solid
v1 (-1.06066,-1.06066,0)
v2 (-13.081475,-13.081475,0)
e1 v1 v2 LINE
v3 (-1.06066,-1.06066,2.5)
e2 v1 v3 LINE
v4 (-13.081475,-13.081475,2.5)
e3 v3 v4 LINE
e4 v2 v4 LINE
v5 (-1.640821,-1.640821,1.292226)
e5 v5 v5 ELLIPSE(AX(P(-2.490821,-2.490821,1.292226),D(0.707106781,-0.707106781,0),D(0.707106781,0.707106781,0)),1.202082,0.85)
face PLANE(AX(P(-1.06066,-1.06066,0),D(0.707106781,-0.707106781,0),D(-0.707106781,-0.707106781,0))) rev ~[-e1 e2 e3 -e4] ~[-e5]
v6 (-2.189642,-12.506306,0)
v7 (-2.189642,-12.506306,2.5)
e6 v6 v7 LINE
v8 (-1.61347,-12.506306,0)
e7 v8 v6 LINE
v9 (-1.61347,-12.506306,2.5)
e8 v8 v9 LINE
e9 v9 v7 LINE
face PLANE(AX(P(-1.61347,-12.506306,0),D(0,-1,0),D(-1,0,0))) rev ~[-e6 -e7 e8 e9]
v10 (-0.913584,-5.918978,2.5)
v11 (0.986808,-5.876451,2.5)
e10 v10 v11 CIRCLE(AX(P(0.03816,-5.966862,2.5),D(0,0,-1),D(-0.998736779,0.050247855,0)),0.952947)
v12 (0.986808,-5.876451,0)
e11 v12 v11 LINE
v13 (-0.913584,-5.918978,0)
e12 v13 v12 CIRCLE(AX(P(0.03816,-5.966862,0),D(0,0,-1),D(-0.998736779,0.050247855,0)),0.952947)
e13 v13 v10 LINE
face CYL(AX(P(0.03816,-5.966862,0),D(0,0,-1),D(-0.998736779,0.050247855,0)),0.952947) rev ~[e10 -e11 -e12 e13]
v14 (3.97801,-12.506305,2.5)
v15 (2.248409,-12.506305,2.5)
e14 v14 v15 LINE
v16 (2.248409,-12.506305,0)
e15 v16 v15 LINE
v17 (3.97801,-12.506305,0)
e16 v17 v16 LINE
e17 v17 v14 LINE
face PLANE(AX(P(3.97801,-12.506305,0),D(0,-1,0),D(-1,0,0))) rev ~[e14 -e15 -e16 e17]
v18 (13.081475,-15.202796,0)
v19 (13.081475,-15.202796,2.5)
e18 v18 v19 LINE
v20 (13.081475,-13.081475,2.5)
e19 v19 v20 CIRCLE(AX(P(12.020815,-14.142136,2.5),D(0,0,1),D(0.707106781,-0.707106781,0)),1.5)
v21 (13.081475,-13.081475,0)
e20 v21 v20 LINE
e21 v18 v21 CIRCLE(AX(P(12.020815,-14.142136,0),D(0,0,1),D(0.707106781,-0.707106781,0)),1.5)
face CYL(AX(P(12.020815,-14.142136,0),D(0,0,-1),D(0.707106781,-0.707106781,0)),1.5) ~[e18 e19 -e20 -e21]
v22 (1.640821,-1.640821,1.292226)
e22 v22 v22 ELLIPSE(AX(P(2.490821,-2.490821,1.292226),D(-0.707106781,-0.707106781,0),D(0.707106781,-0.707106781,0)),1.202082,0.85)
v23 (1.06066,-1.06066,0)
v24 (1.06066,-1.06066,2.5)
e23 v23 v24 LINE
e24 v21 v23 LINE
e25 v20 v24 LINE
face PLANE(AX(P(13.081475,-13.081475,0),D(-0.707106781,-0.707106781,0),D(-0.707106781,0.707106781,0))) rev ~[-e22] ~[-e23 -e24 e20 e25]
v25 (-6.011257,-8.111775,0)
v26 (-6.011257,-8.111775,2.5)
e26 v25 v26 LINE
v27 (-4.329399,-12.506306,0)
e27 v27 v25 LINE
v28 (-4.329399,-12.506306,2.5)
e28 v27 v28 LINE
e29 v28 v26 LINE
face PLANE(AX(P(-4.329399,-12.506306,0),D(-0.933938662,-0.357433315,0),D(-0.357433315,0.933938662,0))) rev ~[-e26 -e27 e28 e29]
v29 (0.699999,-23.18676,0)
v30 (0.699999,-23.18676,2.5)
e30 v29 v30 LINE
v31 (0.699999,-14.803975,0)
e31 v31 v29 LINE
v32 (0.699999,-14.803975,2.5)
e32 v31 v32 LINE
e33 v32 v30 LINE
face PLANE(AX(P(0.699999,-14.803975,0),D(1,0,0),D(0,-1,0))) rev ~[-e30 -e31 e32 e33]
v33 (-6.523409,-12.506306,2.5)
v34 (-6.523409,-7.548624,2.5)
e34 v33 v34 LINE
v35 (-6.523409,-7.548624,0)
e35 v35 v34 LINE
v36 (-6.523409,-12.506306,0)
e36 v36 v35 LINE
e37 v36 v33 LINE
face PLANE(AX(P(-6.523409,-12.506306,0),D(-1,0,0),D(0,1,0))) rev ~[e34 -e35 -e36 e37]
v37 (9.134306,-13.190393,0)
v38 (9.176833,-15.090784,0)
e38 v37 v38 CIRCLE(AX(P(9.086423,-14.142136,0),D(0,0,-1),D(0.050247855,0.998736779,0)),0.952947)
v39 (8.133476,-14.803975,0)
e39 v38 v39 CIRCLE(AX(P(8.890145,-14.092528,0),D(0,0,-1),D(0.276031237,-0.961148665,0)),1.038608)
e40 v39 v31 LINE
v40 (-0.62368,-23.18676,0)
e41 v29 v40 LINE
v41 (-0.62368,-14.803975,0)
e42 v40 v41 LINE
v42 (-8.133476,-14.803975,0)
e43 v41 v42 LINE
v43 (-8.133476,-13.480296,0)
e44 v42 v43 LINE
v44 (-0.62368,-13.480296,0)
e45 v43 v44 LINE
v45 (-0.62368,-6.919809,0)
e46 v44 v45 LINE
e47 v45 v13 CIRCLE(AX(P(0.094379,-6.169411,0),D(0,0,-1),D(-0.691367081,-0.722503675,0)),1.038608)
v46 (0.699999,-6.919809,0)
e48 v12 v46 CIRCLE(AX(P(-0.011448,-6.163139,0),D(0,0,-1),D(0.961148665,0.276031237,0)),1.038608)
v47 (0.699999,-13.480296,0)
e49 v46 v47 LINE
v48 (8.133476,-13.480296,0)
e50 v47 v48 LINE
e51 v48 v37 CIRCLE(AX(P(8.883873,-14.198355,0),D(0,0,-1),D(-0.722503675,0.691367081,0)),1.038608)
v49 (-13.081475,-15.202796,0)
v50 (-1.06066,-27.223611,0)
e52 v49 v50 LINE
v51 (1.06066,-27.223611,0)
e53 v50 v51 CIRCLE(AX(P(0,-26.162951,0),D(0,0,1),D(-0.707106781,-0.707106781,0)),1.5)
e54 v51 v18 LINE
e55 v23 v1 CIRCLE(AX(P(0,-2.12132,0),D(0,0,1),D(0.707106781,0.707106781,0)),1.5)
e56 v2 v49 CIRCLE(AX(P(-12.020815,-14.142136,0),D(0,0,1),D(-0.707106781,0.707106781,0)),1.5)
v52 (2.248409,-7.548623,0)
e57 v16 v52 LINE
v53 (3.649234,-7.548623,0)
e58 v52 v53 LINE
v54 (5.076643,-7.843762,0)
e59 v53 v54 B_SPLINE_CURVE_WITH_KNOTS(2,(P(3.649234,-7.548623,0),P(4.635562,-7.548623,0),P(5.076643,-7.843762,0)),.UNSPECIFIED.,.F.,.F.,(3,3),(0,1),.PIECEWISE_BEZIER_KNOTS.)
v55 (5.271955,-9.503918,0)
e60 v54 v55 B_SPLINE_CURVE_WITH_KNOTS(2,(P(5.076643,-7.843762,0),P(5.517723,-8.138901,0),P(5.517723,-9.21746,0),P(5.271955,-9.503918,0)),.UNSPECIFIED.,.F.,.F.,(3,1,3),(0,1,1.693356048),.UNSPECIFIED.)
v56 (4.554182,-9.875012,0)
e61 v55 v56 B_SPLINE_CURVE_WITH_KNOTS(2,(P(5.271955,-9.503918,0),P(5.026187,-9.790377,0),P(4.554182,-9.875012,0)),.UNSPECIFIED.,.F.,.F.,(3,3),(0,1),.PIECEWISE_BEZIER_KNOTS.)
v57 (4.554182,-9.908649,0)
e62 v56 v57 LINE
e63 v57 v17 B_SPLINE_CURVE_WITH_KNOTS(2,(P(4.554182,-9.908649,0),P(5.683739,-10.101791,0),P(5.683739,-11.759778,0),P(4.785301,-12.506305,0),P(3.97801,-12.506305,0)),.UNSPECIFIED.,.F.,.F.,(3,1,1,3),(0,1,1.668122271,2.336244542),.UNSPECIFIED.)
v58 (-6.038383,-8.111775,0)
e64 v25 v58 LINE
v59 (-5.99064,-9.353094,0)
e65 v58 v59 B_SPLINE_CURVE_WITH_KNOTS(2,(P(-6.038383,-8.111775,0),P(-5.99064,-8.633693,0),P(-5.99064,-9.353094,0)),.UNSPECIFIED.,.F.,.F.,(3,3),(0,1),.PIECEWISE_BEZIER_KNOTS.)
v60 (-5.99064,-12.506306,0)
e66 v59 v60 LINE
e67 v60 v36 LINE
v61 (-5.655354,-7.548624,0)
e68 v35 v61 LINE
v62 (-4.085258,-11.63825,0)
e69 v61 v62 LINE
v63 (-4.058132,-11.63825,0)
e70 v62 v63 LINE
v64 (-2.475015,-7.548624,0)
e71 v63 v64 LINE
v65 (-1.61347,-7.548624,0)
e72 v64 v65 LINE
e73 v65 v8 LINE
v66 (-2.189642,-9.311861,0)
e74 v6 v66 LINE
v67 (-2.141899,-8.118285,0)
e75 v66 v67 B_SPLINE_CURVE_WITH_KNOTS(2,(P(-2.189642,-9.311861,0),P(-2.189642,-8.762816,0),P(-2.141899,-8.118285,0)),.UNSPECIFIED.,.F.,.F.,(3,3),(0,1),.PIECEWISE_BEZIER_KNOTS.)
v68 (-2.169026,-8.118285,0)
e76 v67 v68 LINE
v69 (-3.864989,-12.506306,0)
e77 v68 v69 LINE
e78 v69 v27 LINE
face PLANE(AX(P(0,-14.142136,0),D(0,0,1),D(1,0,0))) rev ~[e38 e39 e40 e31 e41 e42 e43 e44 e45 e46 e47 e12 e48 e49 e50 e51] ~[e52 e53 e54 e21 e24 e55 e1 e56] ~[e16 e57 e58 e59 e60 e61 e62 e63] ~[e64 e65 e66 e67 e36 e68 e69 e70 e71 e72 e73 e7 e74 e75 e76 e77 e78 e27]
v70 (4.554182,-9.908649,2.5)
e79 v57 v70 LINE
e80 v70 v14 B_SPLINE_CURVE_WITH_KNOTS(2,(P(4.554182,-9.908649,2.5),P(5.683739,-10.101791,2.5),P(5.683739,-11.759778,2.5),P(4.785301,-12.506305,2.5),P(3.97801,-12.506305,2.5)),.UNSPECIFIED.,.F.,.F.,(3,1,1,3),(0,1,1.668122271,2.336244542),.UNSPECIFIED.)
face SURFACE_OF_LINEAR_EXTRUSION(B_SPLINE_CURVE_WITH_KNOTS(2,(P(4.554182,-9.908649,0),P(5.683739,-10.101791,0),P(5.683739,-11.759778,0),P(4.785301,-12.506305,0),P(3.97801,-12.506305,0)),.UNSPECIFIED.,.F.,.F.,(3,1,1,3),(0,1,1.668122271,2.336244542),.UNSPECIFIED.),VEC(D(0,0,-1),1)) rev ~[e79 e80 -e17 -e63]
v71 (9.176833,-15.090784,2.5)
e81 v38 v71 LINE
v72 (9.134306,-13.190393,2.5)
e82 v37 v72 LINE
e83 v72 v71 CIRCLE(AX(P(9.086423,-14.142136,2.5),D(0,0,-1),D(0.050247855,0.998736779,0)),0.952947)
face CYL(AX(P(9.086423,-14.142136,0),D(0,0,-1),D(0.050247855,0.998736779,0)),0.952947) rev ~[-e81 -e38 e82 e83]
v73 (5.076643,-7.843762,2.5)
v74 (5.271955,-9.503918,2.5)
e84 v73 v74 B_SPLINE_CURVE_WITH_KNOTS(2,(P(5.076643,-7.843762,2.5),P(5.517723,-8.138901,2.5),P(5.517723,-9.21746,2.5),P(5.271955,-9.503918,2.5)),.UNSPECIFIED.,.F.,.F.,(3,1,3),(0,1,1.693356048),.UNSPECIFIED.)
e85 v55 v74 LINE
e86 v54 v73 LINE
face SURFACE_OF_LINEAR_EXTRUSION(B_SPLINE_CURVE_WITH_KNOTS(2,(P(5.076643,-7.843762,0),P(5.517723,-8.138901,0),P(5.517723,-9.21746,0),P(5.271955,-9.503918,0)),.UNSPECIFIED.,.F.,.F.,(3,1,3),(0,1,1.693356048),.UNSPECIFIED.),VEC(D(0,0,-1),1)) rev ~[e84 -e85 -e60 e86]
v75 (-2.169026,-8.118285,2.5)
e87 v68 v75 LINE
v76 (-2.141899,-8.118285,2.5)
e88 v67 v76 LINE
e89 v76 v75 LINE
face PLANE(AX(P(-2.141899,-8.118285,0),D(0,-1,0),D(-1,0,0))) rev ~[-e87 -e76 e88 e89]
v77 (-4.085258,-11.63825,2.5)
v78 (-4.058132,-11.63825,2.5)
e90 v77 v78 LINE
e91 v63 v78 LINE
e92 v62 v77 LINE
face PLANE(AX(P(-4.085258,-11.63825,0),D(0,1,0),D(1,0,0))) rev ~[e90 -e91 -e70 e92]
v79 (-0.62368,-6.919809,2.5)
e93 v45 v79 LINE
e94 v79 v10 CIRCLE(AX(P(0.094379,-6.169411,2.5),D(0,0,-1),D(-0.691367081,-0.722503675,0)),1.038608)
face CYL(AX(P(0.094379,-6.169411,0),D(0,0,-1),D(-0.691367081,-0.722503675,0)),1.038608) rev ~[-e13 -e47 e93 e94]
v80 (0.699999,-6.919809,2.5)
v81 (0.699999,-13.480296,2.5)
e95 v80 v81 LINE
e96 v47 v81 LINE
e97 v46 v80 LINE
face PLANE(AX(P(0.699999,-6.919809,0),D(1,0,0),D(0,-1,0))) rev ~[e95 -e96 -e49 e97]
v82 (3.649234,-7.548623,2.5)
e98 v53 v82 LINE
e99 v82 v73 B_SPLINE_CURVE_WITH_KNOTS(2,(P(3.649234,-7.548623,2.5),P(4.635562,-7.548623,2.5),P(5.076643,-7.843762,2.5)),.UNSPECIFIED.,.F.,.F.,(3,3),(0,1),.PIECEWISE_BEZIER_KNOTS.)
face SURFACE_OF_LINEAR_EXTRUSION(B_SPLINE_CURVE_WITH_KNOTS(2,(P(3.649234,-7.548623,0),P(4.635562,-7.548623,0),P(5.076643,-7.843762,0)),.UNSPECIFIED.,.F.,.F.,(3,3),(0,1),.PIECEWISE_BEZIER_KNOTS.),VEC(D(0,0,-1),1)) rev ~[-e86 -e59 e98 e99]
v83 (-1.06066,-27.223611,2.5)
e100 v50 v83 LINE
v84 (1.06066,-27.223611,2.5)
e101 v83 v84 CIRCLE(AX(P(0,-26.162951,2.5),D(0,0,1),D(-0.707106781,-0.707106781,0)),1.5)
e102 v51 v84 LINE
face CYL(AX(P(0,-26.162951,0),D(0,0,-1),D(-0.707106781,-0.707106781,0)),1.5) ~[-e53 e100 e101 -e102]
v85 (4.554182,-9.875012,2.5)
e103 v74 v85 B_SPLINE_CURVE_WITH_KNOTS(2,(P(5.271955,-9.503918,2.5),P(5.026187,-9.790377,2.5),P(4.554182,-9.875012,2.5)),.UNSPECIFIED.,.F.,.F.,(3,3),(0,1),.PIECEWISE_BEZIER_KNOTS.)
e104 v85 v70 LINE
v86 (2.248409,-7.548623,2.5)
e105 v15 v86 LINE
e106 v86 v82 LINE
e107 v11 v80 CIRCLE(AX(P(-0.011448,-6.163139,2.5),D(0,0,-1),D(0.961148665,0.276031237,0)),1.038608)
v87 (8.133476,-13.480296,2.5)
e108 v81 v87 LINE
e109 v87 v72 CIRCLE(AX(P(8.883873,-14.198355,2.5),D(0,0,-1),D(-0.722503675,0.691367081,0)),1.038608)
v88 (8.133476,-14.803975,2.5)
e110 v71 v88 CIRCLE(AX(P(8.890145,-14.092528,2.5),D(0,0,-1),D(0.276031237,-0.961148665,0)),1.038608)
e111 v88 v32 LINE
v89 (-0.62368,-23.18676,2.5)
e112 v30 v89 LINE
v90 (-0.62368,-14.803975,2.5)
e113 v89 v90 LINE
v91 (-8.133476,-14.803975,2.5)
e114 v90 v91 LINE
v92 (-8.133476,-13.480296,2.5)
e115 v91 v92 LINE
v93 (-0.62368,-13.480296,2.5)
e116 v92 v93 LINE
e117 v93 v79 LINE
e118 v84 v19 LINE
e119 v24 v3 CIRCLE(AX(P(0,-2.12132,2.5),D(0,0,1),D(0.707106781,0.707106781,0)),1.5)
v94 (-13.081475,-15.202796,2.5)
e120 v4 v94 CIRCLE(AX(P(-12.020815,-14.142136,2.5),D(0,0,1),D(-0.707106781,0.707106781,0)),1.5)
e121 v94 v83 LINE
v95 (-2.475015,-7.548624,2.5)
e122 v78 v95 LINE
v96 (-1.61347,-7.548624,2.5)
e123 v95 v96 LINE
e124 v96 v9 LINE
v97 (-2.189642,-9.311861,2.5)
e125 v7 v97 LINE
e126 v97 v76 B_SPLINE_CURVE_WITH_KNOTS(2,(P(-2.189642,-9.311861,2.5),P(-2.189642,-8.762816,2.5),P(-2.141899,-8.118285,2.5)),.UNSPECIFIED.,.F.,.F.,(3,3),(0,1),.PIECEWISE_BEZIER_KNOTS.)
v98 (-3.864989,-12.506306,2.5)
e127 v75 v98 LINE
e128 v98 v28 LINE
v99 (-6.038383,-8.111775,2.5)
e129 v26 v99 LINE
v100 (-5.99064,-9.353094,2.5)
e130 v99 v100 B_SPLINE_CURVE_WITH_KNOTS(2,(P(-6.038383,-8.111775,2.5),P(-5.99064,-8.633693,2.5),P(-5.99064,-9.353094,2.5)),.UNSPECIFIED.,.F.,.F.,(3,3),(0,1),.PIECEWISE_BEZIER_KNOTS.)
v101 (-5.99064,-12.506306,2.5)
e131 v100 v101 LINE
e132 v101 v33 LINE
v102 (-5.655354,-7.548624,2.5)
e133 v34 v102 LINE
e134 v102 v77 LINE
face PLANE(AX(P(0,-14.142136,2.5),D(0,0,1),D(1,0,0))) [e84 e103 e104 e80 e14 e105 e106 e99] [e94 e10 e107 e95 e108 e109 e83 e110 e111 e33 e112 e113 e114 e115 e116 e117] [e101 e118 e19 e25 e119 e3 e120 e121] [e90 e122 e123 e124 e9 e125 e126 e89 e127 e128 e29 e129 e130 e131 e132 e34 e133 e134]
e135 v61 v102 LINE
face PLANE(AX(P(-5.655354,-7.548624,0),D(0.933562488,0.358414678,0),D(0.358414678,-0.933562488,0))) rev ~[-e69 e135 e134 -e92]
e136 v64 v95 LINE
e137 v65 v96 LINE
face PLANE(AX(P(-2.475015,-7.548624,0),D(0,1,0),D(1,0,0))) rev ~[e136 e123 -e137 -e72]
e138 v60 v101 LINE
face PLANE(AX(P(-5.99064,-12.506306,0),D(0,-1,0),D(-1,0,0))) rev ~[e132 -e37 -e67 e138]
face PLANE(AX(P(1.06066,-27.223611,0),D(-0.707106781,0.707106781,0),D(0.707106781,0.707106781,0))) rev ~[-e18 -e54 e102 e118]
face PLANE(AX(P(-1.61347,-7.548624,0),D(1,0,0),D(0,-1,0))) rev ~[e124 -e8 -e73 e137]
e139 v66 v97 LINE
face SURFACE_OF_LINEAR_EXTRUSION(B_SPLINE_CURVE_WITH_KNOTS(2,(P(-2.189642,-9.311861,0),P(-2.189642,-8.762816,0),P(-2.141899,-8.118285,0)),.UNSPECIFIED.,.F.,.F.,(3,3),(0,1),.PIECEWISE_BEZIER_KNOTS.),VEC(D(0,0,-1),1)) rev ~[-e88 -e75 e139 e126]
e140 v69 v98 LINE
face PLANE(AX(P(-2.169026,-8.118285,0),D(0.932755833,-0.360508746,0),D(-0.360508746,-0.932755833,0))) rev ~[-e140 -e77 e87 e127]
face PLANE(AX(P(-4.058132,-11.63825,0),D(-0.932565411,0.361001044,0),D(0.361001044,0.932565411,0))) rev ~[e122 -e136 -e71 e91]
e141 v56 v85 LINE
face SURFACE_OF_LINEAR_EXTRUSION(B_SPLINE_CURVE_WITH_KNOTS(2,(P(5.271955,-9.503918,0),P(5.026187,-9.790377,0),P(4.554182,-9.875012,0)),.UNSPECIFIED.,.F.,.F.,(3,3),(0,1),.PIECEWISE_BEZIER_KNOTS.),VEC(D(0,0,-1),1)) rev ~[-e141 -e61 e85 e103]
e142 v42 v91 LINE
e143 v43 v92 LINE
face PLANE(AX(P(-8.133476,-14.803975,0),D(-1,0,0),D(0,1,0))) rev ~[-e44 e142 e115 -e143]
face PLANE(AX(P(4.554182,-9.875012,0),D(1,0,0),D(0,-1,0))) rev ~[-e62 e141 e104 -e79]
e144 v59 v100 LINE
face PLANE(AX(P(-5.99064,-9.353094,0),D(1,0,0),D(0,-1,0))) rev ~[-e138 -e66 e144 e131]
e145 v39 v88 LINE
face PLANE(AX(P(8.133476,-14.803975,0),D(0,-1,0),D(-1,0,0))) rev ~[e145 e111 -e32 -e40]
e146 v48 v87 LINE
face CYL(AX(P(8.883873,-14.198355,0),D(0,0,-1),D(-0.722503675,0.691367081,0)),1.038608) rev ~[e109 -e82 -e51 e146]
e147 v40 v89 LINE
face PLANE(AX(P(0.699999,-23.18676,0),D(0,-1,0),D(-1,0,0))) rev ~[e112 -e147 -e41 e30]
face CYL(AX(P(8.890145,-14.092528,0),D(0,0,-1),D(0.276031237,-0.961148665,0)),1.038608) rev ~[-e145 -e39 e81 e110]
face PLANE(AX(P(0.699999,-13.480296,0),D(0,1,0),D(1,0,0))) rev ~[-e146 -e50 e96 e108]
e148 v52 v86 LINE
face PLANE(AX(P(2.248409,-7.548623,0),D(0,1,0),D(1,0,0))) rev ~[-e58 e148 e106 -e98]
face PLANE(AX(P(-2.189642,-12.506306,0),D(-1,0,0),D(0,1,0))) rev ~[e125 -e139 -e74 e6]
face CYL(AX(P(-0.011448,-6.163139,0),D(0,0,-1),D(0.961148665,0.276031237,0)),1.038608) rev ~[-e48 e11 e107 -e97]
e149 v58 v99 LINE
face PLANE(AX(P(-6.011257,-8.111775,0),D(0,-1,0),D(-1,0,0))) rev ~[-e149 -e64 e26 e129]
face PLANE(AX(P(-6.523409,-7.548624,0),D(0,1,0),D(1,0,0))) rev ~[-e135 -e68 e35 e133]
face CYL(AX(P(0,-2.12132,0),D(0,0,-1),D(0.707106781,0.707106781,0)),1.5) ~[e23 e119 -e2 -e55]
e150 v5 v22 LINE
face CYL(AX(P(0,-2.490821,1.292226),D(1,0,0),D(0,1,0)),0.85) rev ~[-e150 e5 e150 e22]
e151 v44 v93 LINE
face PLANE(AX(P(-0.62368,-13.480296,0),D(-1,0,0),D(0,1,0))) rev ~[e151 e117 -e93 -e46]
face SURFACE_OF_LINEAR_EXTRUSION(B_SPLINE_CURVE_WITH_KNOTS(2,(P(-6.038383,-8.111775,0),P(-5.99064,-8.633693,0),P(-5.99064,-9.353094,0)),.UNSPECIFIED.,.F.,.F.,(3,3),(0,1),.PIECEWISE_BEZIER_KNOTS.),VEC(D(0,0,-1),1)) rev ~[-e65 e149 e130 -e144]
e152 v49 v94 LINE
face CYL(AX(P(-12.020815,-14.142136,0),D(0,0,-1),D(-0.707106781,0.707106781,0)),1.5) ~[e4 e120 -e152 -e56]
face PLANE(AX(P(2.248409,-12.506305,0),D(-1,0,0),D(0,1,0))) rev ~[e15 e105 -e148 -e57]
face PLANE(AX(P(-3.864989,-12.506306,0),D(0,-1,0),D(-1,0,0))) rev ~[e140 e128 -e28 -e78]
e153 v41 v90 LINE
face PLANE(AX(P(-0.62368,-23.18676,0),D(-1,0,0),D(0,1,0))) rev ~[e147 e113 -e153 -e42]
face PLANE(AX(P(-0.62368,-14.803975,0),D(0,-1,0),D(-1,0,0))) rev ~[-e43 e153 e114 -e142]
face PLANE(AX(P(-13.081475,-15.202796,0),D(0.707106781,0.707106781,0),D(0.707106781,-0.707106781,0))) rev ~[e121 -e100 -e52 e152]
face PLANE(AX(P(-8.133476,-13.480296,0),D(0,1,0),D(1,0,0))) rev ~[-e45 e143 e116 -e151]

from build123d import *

# Parameters (mm, degrees)
F1_DEPTH = 2.5
F2_R     = 0.85
F3_DEPTH = 12.5


with BuildPart() as f1:
    # F0 (on Top) → F1 (new body)
    with BuildSketch(Plane.XY):
        with BuildLine():
            Line((13.081475452, -13.081475452), (1.0606601718, -1.0606601718))
            ThreePointArc((1.0606601718, -1.0606601718), (0, -0.6213203436), (-1.0606601718, -1.0606601718))
            Line((-1.0606601718, -1.0606601718), (-13.081475452, -13.081475452))
            ThreePointArc((-13.081475452, -13.081475452), (-13.5208152802, -14.1421356237), (-13.081475452, -15.2027957955))
            Line((-13.081475452, -15.2027957955), (-1.0606601718, -27.2236110757))
            ThreePointArc((-1.0606601718, -27.2236110757), (0, -27.6629509039), (1.0606601718, -27.2236110757))
            Line((1.0606601718, -27.2236110757), (13.081475452, -15.2027957955))
            ThreePointArc((13.081475452, -15.2027957955), (13.5208152802, -14.1421356237), (13.081475452, -13.081475452))
        make_face()
        with BuildLine():
            Line((-3.8649892248, -12.5063058175), (-4.329398947, -12.5063058175))
            Line((-4.329398947, -12.5063058175), (-6.0112565859, -8.1117745675))
            Line((-6.0112565859, -8.1117745675), (-6.038383322, -8.1117745675))
            add(Edge.make_bspline(
                [(-6.038383322, -8.1117745675), (-5.9906402665, -8.6336929703), (-5.9906402665, -9.353094012)],
                knots=[0, 0, 0, 1, 1, 1], degree=2))
            Line((-5.9906402665, -9.353094012), (-5.9906402665, -12.5063058175))
            Line((-5.9906402665, -12.5063058175), (-6.5234093637, -12.5063058175))
            Line((-6.5234093637, -12.5063058175), (-6.5234093637, -7.5486235258))
            Line((-6.5234093637, -7.5486235258), (-5.6553538082, -7.5486235258))
            Line((-5.6553538082, -7.5486235258), (-4.085258322, -11.638250262))
            Line((-4.085258322, -11.638250262), (-4.0581315859, -11.638250262))
            Line((-4.0581315859, -11.638250262), (-2.4750152665, -7.5486235258))
            Line((-2.4750152665, -7.5486235258), (-1.6134701276, -7.5486235258))
            Line((-1.6134701276, -7.5486235258), (-1.6134701276, -12.5063058175))
            Line((-1.6134701276, -12.5063058175), (-2.1896420026, -12.5063058175))
            Line((-2.1896420026, -12.5063058175), (-2.1896420026, -9.3118613731))
            add(Edge.make_bspline(
                [(-2.1896420026, -9.3118613731), (-2.1896420026, -8.7628162342), (-2.141898947, -8.1182849842)],
                knots=[0, 0, 0, 1, 1, 1], degree=2))
            Line((-2.141898947, -8.1182849842), (-2.1690256832, -8.1182849842))
            Line((-2.1690256832, -8.1182849842), (-3.8649892248, -12.5063058175))
        make_face(mode=Mode.SUBTRACT)
        with BuildLine():
            Line((-8.1334756687, -14.8039748892), (-8.1334756687, -13.4802963582))
            Line((-8.1334756687, -13.4802963582), (-0.6236797201, -13.4802963582))
            Line((-0.6236797201, -13.4802963582), (-0.6236797201, -6.9198086858))
            ThreePointArc((-0.6236797201, -6.9198086858), (-0.9032194318, -6.4583786209), (-0.9135835525, -5.9189782686))
            ThreePointArc((-0.9135835525, -5.9189782686), (0.0168397474, -5.0141534426), (0.9868078824, -5.876451129))
            ThreePointArc((0.9868078824, -5.876451129), (0.9900106564, -6.4384308628), (0.6999988109, -6.9198086858))
            Line((0.6999988109, -6.9198086858), (0.6999988109, -13.4802963582))
            Line((0.6999988109, -13.4802963582), (8.1334756687, -13.4802963582))
            ThreePointArc((8.1334756687, -13.4802963582), (8.5949057336, -13.2007566465), (9.134306086, -13.1903925258))
            ThreePointArc((9.134306086, -13.1903925258), (10.0391309119, -14.1208158258), (9.1768332255, -15.0907839607))
            ThreePointArc((9.1768332255, -15.0907839607), (8.6148534917, -15.0939867347), (8.1334756687, -14.8039748892))
            Line((8.1334756687, -14.8039748892), (0.6999988109, -14.8039748892))
            Line((0.6999988109, -14.8039748892), (0.6999988109, -23.1867600232))
            Line((0.6999988109, -23.1867600232), (-0.6236797201, -23.1867600232))
            Line((-0.6236797201, -23.1867600232), (-0.6236797201, -14.8039748892))
            Line((-0.6236797201, -14.8039748892), (-8.1334756687, -14.8039748892))
        make_face(mode=Mode.SUBTRACT)
        with BuildLine():
            Line((2.2484090003, -12.5063053519), (2.2484090003, -7.5486230602))
            Line((2.2484090003, -7.5486230602), (3.6492336531, -7.5486230602))
            add(Edge.make_bspline(
                [(3.6492336531, -7.5486230602), (4.6355617781, -7.5486230602), (5.0766425073, -7.8437619491)],
                knots=[0, 0, 0, 1, 1, 1], degree=2))
            add(Edge.make_bspline(
                [(5.0766425073, -7.8437619491), (5.5177232364, -8.138900838), (5.5177232364, -8.7758366019)],
                knots=[0, 0, 0, 1, 1, 1], degree=2))
            add(Edge.make_bspline(
                [(5.5177232364, -8.7758366019), (5.5177232364, -9.2174598657), (5.2719550073, -9.5039181991)],
                knots=[0, 0, 0, 1, 1, 1], degree=2))
            add(Edge.make_bspline(
                [(5.2719550073, -9.5039181991), (5.0261867781, -9.7903765324), (4.5541815698, -9.8750119491)],
                knots=[0, 0, 0, 1, 1, 1], degree=2))
            Line((4.5541815698, -9.8750119491), (4.5541815698, -9.9086491019))
            add(Edge.make_bspline(
                [(4.5541815698, -9.9086491019), (5.6837388614, -10.101791463), (5.6837388614, -11.0957150741)],
                knots=[0, 0, 0, 1, 1, 1], degree=2))
            add(Edge.make_bspline(
                [(5.6837388614, -11.0957150741), (5.6837388614, -11.7597775741), (5.2345201114, -12.133041463)],
                knots=[0, 0, 0, 1, 1, 1], degree=2))
            add(Edge.make_bspline(
                [(5.2345201114, -12.133041463), (4.7853013614, -12.5063053519), (3.9780096948, -12.5063053519)],
                knots=[0, 0, 0, 1, 1, 1], degree=2))
            Line((3.9780096948, -12.5063053519), (2.2484090003, -12.5063053519))
        make_face(mode=Mode.SUBTRACT)
    extrude(amount=F1_DEPTH)

    # F2 (on Right) → F3 (cut, symmetric)
    with BuildSketch(Plane.YZ):
        with Locations((-2.4908210296, 1.292226194)):
            Circle(F2_R)
    extrude(amount=F3_DEPTH, both=True, mode=Mode.SUBTRACT)


solid = f1.part
